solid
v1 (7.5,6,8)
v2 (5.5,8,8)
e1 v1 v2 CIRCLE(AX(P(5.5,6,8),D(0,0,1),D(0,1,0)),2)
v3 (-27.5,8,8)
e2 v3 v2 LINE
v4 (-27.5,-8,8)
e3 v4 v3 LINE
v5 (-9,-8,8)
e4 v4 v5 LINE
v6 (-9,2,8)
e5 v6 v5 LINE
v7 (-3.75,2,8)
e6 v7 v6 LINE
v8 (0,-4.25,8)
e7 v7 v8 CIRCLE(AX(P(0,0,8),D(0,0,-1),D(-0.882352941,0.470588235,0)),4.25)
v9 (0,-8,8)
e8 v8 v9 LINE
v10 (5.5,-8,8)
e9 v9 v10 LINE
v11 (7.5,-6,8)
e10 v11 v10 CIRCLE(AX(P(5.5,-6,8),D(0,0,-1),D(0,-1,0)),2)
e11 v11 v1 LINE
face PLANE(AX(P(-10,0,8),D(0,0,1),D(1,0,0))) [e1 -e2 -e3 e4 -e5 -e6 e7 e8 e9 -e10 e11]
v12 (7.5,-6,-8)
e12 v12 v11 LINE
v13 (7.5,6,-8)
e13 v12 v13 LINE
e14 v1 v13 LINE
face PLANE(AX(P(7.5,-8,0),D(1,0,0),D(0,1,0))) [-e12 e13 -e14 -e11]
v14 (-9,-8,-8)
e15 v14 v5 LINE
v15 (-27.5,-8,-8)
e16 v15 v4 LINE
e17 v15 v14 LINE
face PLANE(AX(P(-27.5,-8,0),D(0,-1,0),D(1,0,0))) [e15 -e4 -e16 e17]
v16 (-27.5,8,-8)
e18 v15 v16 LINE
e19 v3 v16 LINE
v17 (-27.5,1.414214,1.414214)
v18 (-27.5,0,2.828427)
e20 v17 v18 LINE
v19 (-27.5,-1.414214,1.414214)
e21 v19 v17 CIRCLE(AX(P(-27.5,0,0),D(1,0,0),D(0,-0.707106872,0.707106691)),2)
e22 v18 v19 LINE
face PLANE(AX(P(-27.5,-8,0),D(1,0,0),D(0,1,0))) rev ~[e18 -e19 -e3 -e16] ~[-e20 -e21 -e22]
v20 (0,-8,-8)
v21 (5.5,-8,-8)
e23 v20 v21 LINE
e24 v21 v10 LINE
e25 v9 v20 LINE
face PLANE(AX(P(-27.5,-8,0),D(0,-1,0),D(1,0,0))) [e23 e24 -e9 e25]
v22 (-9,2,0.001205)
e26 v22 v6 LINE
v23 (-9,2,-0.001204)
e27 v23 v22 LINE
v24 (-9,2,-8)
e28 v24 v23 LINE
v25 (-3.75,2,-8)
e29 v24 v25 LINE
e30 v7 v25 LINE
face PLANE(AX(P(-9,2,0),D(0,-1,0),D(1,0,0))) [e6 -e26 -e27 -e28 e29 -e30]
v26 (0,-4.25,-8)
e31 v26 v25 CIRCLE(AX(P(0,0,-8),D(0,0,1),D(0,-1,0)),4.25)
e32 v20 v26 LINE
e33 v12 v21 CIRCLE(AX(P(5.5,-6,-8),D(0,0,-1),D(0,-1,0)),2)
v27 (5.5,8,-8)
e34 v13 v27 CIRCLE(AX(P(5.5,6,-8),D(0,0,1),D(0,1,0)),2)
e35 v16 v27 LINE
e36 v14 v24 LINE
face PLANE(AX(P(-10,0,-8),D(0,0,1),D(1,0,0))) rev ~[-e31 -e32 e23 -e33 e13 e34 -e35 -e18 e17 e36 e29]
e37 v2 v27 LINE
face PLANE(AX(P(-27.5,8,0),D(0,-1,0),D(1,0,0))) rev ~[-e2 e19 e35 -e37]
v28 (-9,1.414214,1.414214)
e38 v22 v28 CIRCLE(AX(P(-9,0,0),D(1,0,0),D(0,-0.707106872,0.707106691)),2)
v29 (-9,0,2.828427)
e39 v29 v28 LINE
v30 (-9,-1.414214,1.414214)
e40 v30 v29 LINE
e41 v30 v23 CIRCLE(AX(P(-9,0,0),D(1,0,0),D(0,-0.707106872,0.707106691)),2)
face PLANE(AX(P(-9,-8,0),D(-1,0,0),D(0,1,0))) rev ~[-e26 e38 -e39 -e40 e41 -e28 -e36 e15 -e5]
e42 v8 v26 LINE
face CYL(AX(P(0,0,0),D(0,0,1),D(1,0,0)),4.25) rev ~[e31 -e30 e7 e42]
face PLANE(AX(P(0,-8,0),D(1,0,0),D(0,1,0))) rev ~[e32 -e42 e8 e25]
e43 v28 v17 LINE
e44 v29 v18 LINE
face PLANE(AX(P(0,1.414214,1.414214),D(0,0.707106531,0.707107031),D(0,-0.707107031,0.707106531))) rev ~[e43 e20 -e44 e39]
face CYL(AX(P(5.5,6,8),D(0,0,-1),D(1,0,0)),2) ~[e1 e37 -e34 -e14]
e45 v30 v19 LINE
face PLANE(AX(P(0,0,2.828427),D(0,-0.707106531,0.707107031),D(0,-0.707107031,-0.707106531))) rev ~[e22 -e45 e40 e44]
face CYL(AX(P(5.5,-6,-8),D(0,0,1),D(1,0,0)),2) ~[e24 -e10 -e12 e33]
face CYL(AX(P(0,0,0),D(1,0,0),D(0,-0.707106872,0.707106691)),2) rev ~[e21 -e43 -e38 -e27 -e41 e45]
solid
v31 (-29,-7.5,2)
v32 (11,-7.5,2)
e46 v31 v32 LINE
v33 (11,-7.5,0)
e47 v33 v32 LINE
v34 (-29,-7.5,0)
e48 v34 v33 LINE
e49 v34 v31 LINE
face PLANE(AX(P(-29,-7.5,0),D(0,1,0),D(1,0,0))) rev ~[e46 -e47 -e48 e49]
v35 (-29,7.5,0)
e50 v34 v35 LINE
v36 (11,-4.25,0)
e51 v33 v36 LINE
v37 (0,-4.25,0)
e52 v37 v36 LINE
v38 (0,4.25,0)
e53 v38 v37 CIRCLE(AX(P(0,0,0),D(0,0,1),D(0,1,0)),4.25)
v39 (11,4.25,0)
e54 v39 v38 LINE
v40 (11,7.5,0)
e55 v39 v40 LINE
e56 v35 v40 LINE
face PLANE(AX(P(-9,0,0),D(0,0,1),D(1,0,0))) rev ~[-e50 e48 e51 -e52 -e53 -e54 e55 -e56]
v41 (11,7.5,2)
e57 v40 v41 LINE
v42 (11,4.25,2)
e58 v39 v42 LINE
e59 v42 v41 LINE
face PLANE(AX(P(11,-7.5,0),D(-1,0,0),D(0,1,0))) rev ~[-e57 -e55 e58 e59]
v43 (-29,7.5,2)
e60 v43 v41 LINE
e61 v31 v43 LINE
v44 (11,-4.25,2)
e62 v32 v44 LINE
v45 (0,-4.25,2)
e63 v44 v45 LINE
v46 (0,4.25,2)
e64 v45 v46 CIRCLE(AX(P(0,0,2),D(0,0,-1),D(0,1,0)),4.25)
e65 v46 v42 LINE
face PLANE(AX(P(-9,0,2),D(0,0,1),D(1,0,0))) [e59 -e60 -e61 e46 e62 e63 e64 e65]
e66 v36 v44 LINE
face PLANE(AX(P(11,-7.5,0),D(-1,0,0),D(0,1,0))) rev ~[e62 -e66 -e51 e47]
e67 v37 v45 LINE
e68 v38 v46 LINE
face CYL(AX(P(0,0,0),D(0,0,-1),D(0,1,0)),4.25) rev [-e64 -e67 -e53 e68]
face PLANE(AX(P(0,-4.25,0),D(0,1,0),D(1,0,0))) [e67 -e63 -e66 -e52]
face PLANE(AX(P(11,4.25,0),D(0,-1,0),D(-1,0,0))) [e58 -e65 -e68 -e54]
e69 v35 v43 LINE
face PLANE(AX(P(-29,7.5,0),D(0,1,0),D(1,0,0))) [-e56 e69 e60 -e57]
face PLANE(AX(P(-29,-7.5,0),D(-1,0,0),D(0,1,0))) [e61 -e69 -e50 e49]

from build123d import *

# Parameters (mm, degrees)
SKETCH_W             = 40
SKETCH_H             = 15
PAD_DEPTH            = 2
POCKET_DEPTH         = 0.001
POCKET_DEPTH_BACK    = 2.001
SKETCH002_W          = 35
SKETCH002_H          = 16
PAD001_DEPTH         = 8
SKETCH003_R          = 4.25
POCKET001_DEPTH      = 8.001
POCKET001_DEPTH_BACK = 8.001
SKETCH004_W          = 9
SKETCH004_H          = 10
POCKET002_DEPTH      = 8.001
POCKET002_DEPTH_BACK = 8.001
FILLET_R             = 2
POCKET003_DEPTH      = 27.501


with BuildPart() as pl_ttchen:
    # Sketch → Pad (new body)
    with BuildSketch(Plane.XY):
        with Locations((-9, 0)):
            Rectangle(SKETCH_W, SKETCH_H)
    extrude(amount=PAD_DEPTH)

    # Sketch001 → Pocket (cut, two sides)
    with BuildSketch(Plane.XY) as pocket_sk:
        with BuildLine():
            ThreePointArc((0, 4.25), (-4.25, 0), (0, -4.25))
            Line((0, -4.25), (11, -4.25))
            ThreePointArc((11, -4.25), (15.25, 0), (11, 4.25))
            Line((11, 4.25), (0, 4.25))
        make_face()
    extrude(amount=-POCKET_DEPTH, mode=Mode.SUBTRACT)
    extrude(pocket_sk.sketch, amount=POCKET_DEPTH_BACK, mode=Mode.SUBTRACT)


with BuildPart() as zwinge:
    # Sketch002 → Pad001 (new body, symmetric)
    with BuildSketch(Plane.XY):
        with Locations((-10, 0)):
            Rectangle(SKETCH002_W, SKETCH002_H)
    extrude(amount=PAD001_DEPTH, both=True)

    # Sketch003 → Pocket001 (cut, two sides)
    with BuildSketch(Plane.XY) as pocket001_sk:
        Circle(SKETCH003_R)
    extrude(amount=-POCKET001_DEPTH, mode=Mode.SUBTRACT)
    extrude(pocket001_sk.sketch, amount=POCKET001_DEPTH_BACK, mode=Mode.SUBTRACT)

    # Sketch004 → Pocket002 (cut, two sides)
    with BuildSketch(Plane.XY) as pocket002_sk:
        with Locations((-4.5, -3)):
            Rectangle(SKETCH004_W, SKETCH004_H)
    extrude(amount=-POCKET002_DEPTH, mode=Mode.SUBTRACT)
    extrude(pocket002_sk.sketch, amount=POCKET002_DEPTH_BACK, mode=Mode.SUBTRACT)

    # Fillet
    fillet_edges = [zwinge.edges().sort_by_distance(p)[0] for p in [
        (7.5, -8, 0),
        (7.5, 8, 0),
    ]]
    fillet(fillet_edges, radius=FILLET_R)

    # Sketch005 → Pocket003 (cut, through all)
    with BuildSketch(Plane.YZ):
        with BuildLine():
            Line((0, 2.828427), (-1.414214, 1.414214))
            ThreePointArc((-1.414214, 1.414214), (0, -2), (1.414214, 1.414214))
            Line((1.414214, 1.414214), (0, 2.828427))
        make_face()
    extrude(amount=-POCKET003_DEPTH, mode=Mode.SUBTRACT)


solid = Compound([pl_ttchen.part, zwinge.part])
